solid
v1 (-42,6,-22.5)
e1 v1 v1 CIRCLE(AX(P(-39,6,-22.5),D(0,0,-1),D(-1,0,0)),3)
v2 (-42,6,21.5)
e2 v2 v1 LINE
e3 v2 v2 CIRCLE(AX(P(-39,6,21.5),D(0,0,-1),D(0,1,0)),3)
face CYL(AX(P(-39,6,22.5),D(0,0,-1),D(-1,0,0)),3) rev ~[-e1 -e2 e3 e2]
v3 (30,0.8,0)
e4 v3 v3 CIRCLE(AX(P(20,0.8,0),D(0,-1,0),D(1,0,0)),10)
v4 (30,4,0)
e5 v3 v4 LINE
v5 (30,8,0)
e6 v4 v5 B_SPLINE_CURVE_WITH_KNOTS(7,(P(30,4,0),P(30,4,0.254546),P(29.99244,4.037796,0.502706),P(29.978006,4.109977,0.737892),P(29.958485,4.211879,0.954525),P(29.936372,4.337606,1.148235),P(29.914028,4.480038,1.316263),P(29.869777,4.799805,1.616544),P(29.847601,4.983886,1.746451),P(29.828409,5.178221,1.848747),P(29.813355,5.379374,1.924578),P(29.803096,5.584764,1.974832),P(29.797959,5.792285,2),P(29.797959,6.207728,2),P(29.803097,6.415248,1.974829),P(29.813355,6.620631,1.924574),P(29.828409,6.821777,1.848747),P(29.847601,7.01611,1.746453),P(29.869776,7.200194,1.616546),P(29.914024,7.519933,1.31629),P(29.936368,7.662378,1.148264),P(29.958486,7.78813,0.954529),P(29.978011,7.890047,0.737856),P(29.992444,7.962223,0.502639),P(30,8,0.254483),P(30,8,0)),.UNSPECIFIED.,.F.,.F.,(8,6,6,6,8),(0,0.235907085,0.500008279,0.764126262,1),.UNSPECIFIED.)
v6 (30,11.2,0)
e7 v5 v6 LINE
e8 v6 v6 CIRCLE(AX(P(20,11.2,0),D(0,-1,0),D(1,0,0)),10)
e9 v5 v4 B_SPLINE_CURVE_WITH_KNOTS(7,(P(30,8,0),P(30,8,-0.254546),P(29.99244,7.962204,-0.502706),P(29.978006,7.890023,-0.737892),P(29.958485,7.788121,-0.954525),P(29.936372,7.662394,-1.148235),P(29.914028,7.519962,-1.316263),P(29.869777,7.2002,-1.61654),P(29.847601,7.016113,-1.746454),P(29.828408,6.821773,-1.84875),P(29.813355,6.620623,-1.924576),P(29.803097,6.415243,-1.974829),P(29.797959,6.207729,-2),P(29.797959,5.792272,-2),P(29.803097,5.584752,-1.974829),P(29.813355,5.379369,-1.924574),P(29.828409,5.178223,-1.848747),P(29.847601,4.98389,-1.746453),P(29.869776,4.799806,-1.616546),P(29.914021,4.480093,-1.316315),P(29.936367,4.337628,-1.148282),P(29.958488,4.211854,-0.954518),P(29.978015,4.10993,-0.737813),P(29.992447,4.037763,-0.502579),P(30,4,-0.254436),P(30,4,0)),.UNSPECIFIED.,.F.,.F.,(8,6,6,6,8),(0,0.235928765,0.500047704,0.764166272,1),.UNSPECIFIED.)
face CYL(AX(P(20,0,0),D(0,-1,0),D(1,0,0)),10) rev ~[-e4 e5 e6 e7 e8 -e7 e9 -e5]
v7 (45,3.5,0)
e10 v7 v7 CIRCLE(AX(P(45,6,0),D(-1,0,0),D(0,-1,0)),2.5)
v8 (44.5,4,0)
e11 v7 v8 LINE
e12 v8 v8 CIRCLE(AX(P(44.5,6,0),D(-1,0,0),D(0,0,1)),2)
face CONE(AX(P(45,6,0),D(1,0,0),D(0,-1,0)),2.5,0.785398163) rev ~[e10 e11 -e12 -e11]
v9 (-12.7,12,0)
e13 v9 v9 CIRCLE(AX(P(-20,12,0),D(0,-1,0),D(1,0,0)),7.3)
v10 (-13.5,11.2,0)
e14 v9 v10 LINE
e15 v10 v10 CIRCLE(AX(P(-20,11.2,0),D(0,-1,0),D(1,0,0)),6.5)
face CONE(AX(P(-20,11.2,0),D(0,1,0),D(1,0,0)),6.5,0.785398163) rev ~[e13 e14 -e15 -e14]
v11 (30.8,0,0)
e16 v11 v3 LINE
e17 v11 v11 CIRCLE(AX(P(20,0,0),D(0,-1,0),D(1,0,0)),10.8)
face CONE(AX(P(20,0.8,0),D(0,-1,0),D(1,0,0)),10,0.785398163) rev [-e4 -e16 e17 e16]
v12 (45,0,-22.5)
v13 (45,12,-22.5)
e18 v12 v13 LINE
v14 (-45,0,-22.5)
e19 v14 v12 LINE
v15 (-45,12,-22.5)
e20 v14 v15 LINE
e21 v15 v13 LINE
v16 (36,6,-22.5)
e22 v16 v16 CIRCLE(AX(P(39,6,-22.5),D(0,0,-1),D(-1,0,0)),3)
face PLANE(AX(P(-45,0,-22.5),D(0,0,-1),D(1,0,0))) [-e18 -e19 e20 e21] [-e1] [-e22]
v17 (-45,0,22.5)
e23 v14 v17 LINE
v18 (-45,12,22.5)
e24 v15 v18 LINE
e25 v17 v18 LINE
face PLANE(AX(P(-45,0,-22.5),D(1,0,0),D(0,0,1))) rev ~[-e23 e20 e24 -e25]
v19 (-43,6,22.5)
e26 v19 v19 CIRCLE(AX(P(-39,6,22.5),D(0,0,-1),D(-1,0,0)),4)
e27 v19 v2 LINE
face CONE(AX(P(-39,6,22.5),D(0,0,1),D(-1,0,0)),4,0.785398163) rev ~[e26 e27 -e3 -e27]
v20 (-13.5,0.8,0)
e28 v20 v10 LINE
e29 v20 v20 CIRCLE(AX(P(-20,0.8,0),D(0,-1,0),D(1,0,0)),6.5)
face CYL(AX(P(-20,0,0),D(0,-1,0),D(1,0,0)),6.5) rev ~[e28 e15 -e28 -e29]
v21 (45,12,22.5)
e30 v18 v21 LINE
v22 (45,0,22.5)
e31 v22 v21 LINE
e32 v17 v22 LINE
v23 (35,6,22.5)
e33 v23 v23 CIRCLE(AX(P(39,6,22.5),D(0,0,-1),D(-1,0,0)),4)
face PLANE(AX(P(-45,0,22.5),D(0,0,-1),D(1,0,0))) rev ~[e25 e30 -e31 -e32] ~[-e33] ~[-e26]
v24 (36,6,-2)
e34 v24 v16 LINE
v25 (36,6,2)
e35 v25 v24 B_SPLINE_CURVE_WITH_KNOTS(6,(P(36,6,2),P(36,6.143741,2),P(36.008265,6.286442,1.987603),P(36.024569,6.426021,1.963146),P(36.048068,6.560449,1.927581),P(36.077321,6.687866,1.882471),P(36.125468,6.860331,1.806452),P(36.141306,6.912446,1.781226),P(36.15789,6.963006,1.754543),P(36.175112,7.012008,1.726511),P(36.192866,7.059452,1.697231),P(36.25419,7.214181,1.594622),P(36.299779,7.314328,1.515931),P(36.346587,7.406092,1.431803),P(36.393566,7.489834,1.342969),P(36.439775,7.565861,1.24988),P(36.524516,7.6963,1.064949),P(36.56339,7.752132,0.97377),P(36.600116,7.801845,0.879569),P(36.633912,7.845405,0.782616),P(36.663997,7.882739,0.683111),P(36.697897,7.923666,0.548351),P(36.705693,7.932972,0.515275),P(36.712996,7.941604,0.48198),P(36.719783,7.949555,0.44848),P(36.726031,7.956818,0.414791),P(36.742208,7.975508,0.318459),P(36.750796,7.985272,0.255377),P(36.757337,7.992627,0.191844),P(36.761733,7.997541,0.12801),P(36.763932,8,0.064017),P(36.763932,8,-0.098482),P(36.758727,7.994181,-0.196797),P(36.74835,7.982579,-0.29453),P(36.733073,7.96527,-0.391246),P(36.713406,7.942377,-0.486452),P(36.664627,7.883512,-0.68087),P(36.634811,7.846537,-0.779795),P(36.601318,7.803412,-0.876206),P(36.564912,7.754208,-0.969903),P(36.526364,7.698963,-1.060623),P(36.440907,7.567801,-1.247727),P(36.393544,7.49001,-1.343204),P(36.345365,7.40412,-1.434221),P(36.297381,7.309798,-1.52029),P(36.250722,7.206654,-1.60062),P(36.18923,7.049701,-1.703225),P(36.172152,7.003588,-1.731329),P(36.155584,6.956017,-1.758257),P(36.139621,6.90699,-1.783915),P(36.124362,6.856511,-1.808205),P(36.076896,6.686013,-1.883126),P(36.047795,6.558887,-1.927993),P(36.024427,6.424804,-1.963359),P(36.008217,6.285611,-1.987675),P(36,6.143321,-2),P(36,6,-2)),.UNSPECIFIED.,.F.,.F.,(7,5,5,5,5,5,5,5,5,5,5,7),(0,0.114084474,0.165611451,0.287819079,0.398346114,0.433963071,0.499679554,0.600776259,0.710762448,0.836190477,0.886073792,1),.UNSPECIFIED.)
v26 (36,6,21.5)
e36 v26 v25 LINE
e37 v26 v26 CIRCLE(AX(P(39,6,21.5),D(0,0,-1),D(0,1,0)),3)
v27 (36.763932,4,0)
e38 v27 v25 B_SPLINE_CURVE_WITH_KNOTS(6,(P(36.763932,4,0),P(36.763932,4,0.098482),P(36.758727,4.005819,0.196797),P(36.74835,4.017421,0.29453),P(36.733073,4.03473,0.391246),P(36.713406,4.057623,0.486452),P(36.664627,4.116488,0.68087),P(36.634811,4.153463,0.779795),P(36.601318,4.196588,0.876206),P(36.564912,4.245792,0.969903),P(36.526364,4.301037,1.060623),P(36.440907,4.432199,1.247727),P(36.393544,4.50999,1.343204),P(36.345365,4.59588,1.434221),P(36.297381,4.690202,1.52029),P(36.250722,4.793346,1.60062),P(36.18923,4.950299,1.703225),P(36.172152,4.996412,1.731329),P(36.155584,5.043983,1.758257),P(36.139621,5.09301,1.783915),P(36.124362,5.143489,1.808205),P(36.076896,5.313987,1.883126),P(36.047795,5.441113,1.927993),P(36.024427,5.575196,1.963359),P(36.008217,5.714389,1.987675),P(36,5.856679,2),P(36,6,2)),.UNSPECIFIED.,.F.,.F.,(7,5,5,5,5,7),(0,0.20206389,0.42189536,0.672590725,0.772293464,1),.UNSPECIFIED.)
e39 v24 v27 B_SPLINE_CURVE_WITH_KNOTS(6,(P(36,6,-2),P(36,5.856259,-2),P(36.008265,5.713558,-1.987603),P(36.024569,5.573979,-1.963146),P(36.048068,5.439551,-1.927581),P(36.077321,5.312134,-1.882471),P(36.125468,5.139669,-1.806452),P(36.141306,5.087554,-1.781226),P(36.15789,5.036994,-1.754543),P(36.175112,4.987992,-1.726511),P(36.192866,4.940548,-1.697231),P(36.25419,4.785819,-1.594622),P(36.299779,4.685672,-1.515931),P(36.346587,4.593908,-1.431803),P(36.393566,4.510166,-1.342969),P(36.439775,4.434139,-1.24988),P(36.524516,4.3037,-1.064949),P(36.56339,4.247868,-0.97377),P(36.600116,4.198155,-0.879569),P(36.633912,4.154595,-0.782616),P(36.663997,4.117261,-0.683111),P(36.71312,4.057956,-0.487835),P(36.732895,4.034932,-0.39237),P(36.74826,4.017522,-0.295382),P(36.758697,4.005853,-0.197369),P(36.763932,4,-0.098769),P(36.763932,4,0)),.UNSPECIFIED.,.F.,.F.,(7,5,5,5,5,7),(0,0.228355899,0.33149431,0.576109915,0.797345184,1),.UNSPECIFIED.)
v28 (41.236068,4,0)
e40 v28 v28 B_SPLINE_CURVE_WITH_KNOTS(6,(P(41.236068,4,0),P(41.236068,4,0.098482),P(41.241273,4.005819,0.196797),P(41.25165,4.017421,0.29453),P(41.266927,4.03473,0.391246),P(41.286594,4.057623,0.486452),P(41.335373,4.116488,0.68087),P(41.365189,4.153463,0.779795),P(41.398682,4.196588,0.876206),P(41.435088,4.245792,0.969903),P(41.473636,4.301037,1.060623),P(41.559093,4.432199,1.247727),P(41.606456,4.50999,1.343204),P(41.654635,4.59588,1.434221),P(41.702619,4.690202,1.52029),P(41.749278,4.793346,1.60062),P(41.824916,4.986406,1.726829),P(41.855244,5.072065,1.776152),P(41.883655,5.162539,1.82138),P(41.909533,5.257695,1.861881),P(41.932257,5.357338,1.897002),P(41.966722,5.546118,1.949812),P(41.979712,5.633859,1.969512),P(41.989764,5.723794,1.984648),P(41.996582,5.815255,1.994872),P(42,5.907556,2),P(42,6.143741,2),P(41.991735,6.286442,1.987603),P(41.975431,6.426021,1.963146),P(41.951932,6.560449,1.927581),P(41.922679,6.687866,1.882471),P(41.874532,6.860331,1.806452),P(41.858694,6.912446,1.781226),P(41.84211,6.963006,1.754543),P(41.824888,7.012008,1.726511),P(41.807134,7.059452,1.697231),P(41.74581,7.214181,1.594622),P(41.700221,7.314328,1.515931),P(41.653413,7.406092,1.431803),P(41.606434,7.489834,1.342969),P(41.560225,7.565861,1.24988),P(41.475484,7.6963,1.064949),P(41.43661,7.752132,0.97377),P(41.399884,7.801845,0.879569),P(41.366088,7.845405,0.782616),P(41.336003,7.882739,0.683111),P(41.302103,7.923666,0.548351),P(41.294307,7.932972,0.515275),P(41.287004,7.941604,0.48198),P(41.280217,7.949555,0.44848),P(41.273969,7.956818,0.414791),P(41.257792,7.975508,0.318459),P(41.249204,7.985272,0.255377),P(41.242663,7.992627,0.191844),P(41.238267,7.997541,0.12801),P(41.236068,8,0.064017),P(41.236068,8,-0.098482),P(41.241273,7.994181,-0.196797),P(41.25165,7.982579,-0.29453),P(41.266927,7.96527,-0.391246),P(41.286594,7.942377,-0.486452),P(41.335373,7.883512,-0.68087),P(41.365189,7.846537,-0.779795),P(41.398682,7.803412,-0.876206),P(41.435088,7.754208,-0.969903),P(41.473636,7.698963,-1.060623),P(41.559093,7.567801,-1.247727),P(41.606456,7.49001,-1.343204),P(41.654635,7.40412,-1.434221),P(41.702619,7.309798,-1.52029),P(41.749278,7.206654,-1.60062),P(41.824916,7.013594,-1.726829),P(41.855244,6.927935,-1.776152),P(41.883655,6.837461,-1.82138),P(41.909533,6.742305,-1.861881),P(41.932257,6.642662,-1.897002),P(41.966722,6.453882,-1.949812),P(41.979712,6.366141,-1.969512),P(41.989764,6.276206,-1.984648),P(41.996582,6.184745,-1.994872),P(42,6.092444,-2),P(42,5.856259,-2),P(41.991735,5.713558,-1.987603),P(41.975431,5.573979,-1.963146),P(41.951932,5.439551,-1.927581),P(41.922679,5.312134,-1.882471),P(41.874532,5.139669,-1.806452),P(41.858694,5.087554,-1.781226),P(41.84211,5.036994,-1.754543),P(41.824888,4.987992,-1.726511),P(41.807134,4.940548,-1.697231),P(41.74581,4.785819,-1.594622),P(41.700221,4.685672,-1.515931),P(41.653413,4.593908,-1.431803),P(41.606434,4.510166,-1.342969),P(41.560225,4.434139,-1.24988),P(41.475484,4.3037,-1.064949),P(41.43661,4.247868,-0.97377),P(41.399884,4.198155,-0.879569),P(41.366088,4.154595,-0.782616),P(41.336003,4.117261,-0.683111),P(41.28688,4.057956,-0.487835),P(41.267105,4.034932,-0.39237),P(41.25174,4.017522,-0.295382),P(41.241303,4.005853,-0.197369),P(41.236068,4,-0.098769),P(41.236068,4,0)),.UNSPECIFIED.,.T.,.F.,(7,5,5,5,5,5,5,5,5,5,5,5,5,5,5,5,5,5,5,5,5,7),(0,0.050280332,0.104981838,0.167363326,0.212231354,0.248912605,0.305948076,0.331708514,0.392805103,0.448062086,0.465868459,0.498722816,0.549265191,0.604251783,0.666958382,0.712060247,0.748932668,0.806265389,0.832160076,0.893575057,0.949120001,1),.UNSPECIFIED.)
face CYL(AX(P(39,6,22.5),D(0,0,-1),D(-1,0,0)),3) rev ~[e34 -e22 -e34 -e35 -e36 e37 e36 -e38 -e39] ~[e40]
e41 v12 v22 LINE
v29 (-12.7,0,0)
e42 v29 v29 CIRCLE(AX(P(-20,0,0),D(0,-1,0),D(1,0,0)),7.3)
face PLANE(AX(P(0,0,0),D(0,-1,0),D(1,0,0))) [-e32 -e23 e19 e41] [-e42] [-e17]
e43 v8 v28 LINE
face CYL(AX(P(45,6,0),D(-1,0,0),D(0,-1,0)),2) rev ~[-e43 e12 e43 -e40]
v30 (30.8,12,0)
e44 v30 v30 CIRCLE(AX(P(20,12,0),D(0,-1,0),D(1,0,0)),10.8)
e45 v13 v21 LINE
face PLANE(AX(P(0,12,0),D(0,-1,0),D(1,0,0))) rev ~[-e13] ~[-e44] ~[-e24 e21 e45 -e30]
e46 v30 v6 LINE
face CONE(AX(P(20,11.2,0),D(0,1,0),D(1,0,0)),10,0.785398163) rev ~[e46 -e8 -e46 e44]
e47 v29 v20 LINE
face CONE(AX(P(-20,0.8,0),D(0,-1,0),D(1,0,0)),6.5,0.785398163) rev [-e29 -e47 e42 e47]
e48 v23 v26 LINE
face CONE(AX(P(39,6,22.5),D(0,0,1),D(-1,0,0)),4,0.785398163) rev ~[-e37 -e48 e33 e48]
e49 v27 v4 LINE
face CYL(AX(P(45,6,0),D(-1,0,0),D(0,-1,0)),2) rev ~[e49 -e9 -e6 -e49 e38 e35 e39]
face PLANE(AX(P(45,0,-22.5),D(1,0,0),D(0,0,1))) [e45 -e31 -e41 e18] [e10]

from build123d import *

# Parameters (mm, degrees)
F0_W           = 90
F0_H           = 45
F1_DEPTH       = 12
F2_R           = 6.5
F2_R_2         = 10
F3_DEPTH       = 25
F4_SIZE        = 0.8
F7_D           = 6
F7_CSINK_D     = 8
F7_CSINK_ANGLE = 90
F9_D           = 4
F9_DEPTH       = 30
F9_CSINK_D     = 5
F9_CSINK_ANGLE = 90
F9_TIP         = 1.2017212381


with BuildPart() as f1:
    # F0 (on Front) → F1 (new body)
    with BuildSketch(Plane.XZ):
        Rectangle(F0_W, F0_H)
    extrude(amount=-F1_DEPTH)

    # F2 (on Front) → F3 (cut)
    with BuildSketch(Plane.XZ):
        with Locations((-20, 0)):
            Circle(F2_R)
        with Locations((20, 0)):
            Circle(F2_R_2)
    extrude(amount=-F3_DEPTH, mode=Mode.SUBTRACT)

    # F4
    f4_edges = [f1.edges().sort_by_distance(p)[0] for p in [
        (-26.5, 0, 0),
        (-26.5, 12, 0),
        (10, 0, 0),
        (10, 12, 0),
    ]]
    chamfer(f4_edges, length=F4_SIZE)

    # F7 (through all)
    with Locations(Plane.XY.offset(22.5)):
        with Locations((-39, 6), (39, 6)):
            CounterSinkHole(F7_D / 2, F7_CSINK_D / 2, counter_sink_angle=F7_CSINK_ANGLE)

    # F9
    with Locations(Plane.YZ.offset(45)):
        with Locations((6, 0)):
            CounterSinkHole(F9_D / 2, F9_CSINK_D / 2, depth=F9_DEPTH, counter_sink_angle=F9_CSINK_ANGLE)
            with Locations((0, 0, -(F9_DEPTH + F9_TIP / 2))):  # 118° drill point
                Cone(0, F9_D / 2, F9_TIP, mode=Mode.SUBTRACT)


solid = f1.part
